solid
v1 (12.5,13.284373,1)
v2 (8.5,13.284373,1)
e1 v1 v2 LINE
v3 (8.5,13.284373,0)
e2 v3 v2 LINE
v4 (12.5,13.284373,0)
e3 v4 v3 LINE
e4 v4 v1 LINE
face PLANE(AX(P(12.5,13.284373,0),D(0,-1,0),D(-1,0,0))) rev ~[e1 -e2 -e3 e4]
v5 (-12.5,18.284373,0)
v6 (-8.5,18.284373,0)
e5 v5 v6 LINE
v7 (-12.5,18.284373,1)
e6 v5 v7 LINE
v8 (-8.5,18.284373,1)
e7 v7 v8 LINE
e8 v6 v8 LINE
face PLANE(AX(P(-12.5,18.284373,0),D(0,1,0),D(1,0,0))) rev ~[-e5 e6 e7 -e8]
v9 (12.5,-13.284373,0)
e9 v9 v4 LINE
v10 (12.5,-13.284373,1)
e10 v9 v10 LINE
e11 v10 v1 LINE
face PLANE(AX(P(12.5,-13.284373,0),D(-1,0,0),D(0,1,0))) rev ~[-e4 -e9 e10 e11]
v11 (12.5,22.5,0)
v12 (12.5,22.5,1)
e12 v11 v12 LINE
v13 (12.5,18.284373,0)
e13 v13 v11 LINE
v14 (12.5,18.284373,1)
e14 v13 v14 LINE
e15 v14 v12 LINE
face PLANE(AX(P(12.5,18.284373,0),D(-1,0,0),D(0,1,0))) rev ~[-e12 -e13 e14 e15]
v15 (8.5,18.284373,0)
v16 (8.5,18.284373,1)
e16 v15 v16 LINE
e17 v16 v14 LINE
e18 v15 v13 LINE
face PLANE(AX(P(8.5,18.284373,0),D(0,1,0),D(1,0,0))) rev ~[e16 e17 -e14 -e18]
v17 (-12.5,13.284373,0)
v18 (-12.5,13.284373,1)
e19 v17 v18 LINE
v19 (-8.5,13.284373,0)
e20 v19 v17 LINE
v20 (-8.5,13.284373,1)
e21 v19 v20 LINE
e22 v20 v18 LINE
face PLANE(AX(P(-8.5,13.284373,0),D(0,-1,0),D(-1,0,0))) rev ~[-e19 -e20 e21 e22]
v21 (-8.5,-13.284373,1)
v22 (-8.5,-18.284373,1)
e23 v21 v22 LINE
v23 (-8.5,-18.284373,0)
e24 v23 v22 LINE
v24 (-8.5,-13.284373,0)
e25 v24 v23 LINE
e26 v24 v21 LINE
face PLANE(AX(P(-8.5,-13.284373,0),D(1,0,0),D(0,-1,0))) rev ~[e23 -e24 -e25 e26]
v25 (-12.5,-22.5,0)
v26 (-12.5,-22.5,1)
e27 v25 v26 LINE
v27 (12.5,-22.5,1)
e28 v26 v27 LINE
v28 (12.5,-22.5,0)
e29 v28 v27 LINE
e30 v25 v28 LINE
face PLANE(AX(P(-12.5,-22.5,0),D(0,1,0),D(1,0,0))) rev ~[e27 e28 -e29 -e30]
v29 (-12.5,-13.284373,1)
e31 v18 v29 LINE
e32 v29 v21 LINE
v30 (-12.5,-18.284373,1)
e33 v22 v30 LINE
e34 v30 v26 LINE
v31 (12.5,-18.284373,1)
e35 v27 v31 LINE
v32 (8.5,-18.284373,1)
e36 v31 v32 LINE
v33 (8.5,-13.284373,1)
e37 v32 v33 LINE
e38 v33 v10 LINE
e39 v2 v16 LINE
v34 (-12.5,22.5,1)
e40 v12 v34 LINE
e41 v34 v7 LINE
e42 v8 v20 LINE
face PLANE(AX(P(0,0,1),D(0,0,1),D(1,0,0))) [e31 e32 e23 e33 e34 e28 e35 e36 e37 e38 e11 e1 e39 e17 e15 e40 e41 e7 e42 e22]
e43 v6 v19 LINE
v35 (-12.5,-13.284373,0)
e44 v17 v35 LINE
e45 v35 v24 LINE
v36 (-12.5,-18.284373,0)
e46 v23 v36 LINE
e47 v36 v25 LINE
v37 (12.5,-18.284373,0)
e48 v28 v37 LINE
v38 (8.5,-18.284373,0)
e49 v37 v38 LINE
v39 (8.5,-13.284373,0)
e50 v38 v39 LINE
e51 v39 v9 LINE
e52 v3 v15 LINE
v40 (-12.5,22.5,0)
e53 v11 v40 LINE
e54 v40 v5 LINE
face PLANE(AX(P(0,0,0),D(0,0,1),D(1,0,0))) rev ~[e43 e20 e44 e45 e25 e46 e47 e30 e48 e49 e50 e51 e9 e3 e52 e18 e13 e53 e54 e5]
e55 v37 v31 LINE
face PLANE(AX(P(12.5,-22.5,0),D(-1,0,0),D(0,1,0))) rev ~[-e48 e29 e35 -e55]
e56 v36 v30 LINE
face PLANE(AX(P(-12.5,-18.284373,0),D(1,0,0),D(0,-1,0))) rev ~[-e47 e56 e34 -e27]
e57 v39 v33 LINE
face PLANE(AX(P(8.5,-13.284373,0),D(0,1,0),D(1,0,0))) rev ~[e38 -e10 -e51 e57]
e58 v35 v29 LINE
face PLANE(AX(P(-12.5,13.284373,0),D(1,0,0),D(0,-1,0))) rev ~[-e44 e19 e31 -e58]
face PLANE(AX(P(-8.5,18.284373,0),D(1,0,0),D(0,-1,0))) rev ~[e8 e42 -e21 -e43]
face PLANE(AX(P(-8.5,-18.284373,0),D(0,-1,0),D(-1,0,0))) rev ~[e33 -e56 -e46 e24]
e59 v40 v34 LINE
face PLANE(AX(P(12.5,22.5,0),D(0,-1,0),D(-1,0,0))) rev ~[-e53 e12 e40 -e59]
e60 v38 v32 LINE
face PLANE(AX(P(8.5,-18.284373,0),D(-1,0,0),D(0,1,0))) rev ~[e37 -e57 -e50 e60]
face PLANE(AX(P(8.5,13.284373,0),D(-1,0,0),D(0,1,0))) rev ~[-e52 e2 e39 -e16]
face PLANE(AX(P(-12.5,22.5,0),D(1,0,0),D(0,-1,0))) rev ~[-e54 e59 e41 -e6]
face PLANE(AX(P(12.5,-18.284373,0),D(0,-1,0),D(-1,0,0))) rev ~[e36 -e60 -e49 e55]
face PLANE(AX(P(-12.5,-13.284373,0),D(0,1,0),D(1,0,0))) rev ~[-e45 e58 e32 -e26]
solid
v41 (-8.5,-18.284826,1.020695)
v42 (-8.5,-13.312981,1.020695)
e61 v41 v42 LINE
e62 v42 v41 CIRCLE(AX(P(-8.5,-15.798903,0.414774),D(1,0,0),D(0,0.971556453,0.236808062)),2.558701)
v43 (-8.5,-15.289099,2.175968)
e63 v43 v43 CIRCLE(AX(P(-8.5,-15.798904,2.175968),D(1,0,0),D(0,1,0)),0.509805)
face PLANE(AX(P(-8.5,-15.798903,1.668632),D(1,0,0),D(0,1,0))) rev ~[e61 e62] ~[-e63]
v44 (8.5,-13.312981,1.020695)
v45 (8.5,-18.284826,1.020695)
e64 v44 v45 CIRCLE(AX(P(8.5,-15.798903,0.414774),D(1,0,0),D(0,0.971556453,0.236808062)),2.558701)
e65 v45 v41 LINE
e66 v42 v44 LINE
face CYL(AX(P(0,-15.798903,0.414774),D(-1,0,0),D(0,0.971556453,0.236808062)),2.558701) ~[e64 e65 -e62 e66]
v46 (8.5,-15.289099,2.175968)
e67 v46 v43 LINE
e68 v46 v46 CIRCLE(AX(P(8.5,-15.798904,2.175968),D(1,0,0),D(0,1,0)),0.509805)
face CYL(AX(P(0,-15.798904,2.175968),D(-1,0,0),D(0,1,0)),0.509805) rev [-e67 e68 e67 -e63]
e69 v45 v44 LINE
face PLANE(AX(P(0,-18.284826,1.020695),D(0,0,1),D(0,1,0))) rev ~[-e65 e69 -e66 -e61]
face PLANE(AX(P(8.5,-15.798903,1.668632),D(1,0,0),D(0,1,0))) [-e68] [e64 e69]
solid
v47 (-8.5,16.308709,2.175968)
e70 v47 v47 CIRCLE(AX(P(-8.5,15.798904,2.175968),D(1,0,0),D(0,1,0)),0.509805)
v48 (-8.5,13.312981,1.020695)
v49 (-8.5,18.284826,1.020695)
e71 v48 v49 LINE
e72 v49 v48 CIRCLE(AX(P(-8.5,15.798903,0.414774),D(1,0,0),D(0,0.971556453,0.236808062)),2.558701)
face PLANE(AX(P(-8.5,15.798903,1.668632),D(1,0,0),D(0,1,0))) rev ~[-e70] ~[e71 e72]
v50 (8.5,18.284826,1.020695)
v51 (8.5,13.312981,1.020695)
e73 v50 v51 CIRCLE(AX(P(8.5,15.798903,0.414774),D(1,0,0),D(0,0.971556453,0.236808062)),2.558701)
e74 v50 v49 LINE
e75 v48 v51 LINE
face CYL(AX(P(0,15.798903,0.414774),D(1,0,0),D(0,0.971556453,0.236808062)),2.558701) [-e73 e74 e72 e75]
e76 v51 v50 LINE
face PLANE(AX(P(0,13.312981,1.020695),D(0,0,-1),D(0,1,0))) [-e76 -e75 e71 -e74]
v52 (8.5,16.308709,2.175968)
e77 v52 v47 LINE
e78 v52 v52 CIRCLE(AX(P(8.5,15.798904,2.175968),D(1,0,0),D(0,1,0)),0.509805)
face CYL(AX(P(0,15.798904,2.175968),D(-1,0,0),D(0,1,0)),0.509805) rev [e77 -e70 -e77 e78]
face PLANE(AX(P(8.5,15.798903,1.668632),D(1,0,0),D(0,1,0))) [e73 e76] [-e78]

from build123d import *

# Parameters (mm, degrees)
F1_DEPTH = 1
F2_R     = 0.509805
F3_DEPTH = 8.5


with BuildPart() as f1:
    # F0 (on Top) → F1 (new body)
    with BuildSketch(Plane.XY):
        Polygon((12.5, 22.5), (-12.5, 22.5), (-12.5, 18.284373), (-8.5, 18.284373), (-8.5, 13.284373), (-12.5, 13.284373), (-12.5, -13.284373), (-8.5, -13.284373), (-8.5, -18.284373), (-12.5, -18.284373), (-12.5, -22.5), (12.5, -22.5), (12.5, -18.284373), (8.5, -18.284373), (8.5, -13.284373), (12.5, -13.284373), (12.5, 13.284373), (8.5, 13.284373), (8.5, 18.284373), (12.5, 18.284373), align=None)
    extrude(amount=F1_DEPTH)


with BuildPart() as f3:
    # F2 (on Right) → F3 (new body, symmetric)
    with BuildSketch(Plane.YZ):
        with BuildLine():
            Line((-18.284826, 1.020695), (-13.312981, 1.020695))
            ThreePointArc((-13.312981, 1.020695), (-15.798904, 2.973475), (-18.284826, 1.020695))
        make_face()
        with Locations((-15.798904, 2.175968)):
            Circle(F2_R, mode=Mode.SUBTRACT)
        with BuildLine():
            ThreePointArc((18.284826, 1.020695), (15.798904, 2.973475), (13.312981, 1.020695))
            Line((13.312981, 1.020695), (18.284826, 1.020695))
        make_face()
        with Locations((15.798904, 2.175968)):
            Circle(F2_R, mode=Mode.SUBTRACT)
    extrude(amount=F3_DEPTH, both=True)


solid = Compound([f1.part, f3.part])
